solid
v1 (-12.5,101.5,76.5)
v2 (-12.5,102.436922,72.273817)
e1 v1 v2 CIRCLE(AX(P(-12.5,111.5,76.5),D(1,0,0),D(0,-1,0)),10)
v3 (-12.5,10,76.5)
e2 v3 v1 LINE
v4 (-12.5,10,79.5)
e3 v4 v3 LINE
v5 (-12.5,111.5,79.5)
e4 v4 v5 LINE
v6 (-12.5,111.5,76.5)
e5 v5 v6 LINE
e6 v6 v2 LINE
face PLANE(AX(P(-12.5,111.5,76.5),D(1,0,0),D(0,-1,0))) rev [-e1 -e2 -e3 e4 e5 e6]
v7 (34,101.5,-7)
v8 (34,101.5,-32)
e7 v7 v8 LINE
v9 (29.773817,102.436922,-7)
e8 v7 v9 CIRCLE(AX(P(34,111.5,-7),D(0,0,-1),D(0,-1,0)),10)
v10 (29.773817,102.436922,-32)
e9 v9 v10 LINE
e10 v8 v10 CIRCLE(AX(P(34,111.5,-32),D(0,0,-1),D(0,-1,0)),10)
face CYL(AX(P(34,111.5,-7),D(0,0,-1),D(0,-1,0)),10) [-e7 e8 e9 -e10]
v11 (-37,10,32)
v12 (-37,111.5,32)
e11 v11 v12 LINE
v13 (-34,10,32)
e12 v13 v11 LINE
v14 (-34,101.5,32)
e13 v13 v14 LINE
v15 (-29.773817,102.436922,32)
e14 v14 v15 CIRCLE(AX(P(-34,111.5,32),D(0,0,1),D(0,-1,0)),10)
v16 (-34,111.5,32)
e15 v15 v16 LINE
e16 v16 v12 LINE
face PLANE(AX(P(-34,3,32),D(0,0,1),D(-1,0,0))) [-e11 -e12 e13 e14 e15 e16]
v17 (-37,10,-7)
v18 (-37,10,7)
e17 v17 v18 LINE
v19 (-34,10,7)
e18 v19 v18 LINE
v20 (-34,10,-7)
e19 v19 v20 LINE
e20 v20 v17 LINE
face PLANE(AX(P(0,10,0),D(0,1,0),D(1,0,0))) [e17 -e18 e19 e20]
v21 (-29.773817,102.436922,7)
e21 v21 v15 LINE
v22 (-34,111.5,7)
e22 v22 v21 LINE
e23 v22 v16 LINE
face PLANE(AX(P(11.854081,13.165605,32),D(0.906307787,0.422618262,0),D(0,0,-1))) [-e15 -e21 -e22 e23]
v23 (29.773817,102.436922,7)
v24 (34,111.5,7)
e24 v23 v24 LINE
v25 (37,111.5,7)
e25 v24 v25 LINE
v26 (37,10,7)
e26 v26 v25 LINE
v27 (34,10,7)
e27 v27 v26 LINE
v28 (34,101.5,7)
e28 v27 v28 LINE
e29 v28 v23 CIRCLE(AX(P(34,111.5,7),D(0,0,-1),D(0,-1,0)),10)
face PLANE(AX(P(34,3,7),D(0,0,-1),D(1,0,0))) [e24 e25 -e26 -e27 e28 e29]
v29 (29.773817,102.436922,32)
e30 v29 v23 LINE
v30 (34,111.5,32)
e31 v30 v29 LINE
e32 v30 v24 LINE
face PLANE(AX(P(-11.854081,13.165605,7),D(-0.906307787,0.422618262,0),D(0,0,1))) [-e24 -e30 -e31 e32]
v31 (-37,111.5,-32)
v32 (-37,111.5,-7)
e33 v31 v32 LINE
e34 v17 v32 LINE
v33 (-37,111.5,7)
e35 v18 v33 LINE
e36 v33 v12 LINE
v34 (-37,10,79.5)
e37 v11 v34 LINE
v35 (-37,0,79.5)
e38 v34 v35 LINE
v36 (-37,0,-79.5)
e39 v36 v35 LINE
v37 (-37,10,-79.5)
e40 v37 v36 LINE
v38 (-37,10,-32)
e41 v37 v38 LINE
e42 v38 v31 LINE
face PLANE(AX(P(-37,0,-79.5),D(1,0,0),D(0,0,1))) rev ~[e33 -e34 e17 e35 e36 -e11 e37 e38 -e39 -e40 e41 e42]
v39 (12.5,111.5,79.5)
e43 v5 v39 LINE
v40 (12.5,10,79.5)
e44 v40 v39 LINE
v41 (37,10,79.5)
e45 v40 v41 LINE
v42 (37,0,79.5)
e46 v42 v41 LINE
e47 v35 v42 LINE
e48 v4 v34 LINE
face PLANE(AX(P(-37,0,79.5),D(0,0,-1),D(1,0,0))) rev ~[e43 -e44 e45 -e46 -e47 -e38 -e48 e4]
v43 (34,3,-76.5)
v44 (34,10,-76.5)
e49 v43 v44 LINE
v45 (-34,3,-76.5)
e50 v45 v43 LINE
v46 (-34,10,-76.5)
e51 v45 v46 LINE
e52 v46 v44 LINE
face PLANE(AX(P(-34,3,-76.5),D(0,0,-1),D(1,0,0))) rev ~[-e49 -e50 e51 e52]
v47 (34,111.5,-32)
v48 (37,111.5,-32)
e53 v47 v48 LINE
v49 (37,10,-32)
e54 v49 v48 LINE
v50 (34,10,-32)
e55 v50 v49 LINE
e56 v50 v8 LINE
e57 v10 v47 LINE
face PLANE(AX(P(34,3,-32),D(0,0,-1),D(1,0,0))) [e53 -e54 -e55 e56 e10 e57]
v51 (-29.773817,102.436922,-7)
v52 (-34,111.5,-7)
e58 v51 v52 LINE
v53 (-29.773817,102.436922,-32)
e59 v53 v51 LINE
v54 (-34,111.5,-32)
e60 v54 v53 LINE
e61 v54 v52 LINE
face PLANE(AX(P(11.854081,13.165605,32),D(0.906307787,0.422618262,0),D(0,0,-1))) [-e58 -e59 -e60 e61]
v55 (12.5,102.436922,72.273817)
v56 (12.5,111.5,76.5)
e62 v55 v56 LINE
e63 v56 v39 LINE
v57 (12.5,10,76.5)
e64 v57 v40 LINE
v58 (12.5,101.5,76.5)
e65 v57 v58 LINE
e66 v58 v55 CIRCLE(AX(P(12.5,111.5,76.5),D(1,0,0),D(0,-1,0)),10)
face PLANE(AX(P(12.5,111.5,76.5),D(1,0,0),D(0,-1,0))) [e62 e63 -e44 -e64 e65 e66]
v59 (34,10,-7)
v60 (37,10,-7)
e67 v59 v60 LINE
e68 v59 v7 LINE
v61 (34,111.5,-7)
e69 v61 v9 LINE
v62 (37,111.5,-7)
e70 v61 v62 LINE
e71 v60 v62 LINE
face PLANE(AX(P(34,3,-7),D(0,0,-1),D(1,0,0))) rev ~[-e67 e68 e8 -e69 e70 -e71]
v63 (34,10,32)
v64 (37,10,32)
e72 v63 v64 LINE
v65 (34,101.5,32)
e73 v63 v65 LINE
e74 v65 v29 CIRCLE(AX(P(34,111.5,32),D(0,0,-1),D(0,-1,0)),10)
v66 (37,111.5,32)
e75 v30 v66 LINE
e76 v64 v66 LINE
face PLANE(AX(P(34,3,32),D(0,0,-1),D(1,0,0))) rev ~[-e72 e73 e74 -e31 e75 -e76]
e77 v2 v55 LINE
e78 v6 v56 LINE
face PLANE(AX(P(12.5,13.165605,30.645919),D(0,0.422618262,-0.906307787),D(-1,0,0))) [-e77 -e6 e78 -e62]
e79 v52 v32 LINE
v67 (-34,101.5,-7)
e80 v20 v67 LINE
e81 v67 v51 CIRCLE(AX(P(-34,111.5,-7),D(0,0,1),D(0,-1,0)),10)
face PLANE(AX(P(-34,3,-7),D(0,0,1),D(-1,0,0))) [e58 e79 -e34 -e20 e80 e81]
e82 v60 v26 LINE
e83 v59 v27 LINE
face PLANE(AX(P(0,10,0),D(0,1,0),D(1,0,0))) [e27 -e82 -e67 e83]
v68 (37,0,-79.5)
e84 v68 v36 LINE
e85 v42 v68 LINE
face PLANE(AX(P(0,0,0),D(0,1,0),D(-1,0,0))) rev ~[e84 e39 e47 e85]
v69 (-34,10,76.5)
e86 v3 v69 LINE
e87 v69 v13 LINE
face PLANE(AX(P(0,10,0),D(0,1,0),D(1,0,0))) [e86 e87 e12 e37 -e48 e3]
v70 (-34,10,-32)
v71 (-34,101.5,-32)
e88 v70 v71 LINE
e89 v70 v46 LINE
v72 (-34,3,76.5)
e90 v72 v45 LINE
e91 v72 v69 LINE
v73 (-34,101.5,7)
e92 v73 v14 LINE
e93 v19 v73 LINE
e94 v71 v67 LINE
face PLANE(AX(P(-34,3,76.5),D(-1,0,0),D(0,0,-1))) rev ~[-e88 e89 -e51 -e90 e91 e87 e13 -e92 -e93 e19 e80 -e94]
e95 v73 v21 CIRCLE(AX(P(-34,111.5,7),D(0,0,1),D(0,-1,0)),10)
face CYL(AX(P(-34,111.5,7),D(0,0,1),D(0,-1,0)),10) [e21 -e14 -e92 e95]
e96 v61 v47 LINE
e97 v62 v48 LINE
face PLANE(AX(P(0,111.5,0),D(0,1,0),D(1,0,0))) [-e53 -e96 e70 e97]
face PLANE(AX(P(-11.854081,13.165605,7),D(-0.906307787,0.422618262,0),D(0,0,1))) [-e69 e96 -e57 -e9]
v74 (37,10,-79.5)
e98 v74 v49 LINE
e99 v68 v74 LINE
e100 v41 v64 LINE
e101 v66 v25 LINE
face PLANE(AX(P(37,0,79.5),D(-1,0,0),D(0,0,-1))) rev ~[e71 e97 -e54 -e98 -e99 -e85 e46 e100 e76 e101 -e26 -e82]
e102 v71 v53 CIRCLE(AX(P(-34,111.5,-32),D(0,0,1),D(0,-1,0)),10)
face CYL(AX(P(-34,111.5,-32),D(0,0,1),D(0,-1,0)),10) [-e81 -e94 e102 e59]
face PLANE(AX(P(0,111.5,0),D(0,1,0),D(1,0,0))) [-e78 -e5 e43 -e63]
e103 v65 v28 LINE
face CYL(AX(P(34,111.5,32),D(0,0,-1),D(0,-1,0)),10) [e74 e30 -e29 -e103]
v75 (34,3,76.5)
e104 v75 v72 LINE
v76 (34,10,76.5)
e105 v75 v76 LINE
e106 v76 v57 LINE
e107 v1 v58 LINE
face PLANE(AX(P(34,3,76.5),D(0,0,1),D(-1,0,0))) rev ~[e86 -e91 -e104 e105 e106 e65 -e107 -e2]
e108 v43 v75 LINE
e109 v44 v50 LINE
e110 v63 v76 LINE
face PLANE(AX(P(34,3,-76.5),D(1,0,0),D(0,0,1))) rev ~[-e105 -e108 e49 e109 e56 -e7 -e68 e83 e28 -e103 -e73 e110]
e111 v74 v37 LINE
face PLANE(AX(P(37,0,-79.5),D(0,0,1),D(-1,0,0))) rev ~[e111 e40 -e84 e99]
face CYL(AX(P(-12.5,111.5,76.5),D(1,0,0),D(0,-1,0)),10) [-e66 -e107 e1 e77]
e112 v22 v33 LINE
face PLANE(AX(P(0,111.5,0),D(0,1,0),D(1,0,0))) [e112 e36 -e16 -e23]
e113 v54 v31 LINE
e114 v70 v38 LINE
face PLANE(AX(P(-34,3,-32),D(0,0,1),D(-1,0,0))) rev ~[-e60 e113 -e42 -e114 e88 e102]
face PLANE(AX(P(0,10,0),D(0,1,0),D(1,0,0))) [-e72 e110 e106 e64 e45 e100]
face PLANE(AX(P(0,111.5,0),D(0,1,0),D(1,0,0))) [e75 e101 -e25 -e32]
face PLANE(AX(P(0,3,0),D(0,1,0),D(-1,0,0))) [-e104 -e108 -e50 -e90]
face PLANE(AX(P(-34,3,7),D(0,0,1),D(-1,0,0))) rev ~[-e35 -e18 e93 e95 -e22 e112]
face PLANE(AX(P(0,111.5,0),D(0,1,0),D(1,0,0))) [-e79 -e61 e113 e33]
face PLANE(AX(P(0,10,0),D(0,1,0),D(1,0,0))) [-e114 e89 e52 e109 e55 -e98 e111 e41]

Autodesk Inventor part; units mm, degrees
ref_plane "YZ Plane" through (0, 0, 0) normal (1, 0, 0) x (0, 1, 0)
ref_plane "XZ Plane" through (0, 0, 0) normal (0, 1, 0) x (-1, 0, 0)
ref_plane "XY Plane" through (0, 0, 0) normal (0, 0, 1) x (1, 0, 0)
sketch "Sketch1" plane through (0, 0, 0) normal (0, 1, 0) x (-1, 0, 0)
  line L0 (-37, -79.5) -> (37, -79.5)
  line L1 (37, -79.5) -> (37, 79.5)
  line L2 (37, 79.5) -> (-37, 79.5)
  line L3 (-37, 79.5) -> (-37, -79.5)
  line L4 (-37, -79.5) -> (37, 79.5) construction
  line L5 (37, -79.5) -> (-37, 79.5) construction
  point P0 (0, 0)
  dimension "d0" = 74
  dimension "d1" = 159
extrude "Extrusion1" add sketch "Sketch1" along normal blind 3
sketch "Sketch2" plane through (0, 3, 0) normal (0, 1, 0) x (1, 0, 0)
  line L0 (34, 76.5) -> (-34, 76.5)
  line L1 (-34, 76.5) -> (-34, -76.5)
  line L2 (-34, -76.5) -> (34, -76.5)
  line L3 (34, -76.5) -> (34, 76.5)
  line L4 (34, 76.5) -> (-34, -76.5) construction
  line L5 (-34, 76.5) -> (34, -76.5) construction
  line L6 (-37, 79.5) -> (-37, -79.5) projected
  line L7 (-37, -79.5) -> (37, -79.5) projected
  line L8 (34, 7) -> (37, 7)
  line L9 (34, -7) -> (37, -7)
  line L10 (37, -79.5) -> (37, 79.5) projected
  line L11 (34, 32) -> (37, 32)
  line L12 (34, -32) -> (37, -32)
  line L13 (0, 0) -> (0, 8.1012)
  line L14 (-34, 7) -> (-37, 7)
  line L15 (-34, -7) -> (-37, -7)
  line L16 (-34, 32) -> (-37, 32)
  line L17 (-34, -32) -> (-37, -32)
  line L18 (-12.5, -79.5) -> (-12.5, -76.5)
  line L19 (12.5, -76.5) -> (12.5, -79.5)
  line L20 (-34, -32) -> (-34, -7)
  line L21 (-34, 7) -> (-34, -7)
  line L22 (-34, 32) -> (-34, 7)
  line L23 (-37, 7) -> (-37, 32)
  line L24 (-37, -7) -> (-37, -32)
  line L25 (34, -32) -> (34, -7)
  line L26 (37, -7) -> (37, -32)
  line L27 (34, 7) -> (34, 32)
  line L28 (37, 32) -> (37, 7)
  line L29 (12.5, -76.5) -> (-12.5, -76.5)
  line L30 (-12.5, -79.5) -> (12.5, -79.5)
  point P0 (35.5, -7)
  point P1 (34, 0)
  point P2 (35.5, 7)
  point P3 (35.5, 32)
  point P4 (35.5, -32)
  point P5 (0, -76.5)
  point P6 (12.5, -78)
  point P7 (-12.5, -78)
  dimension "d4" = 3
  dimension "d5" = 3
  dimension "d6" = 7
  dimension "d7" = 7
  dimension "d8" = 32
  dimension "d9" = 32
  dimension "d10" = 12.5
  dimension "d11" = 12.5
extrude "Extrusion2" add sketch "Sketch2" along normal blind 108.5 contours L11 L10 L8 L3 | L1 L14 L6 L16 | L9 L10 L12 L3 | L1 L17 L6 L15 | L19 L7 L18 L2
sketch "Sketch3" plane through (-34, 3, 32) normal (1, 0, 0) x (0, 0, -1)
  line L0 (25, 108.5) -> (0, 108.5) projected
  line L1 (0, 108.5) -> (25, 108.5)
  line L2 (25, 108.5) -> (25, 98.5)
  line L3 (25, 98.5) -> (0, 98.5)
  line L4 (0, 98.5) -> (0, 108.5)
  line L5 (39, 0) -> (39, 108.5) projected
  line L6 (39, 108.5) -> (64, 108.5)
  line L7 (64, 108.5) -> (64, 98.5)
  line L8 (64, 98.5) -> (39, 98.5)
  line L9 (39, 98.5) -> (39, 108.5)
  point P0 (32, -3)
  dimension "d14" = 25
  dimension "d15" = 10
  dimension "d16" = 25
  dimension "d17" = 10
sketch "Sketch4" plane through (12.5, 3, 76.5) normal (0, 0, -1) x (-1, 0, 0)
  line L0 (0, 108.5) -> (25, 108.5) projected
  line L1 (0, 108.5) -> (25, 108.5)
  line L2 (25, 108.5) -> (25, 98.5)
  line L3 (25, 98.5) -> (0, 98.5)
  line L4 (0, 98.5) -> (0, 108.5)
  point P0 (12.5, -3)
  dimension "d18" = 25
  dimension "d19" = 10
sketch "Sketch5" plane through (34, 3, 7) normal (-1, 0, 0) x (0, 0, 1)
  line L0 (-14, 108.5) -> (-39, 108.5) projected
  line L1 (-39, 108.5) -> (-14, 108.5)
  line L2 (-14, 108.5) -> (-14, 98.5)
  line L3 (-14, 98.5) -> (-39, 98.5)
  line L4 (-39, 98.5) -> (-39, 108.5)
  line L5 (0, 108.5) -> (25, 108.5)
  line L6 (25, 108.5) -> (25, 98.5)
  line L7 (25, 98.5) -> (0, 98.5)
  line L8 (0, 98.5) -> (0, 108.5)
  point P0 (-7, -3)
  dimension "d20" = 25
  dimension "d21" = 10
  dimension "d22" = 25
  dimension "d23" = 10
revolve "Revolution1" add sketch "Sketch5" angle 25 about axis through (34, 111.5, 7) along (0, 0, -1)
revolve "Revolution2" add sketch "Sketch4" angle 25 about axis through (12.5, 111.5, 76.5) along (1, 0, 0)
revolve "Revolution3" add sketch "Sketch3" angle 25 about axis through (-34, 111.5, 7) along (0, 0, 1)
sketch "Sketch6" plane through (0, 3, 0) normal (0, 1, 0) x (1, 0, 0)
  line L0 (34, -76.5) -> (-34, -76.5)
  line L1 (-34, -76.5) -> (-34, 76.5)
  line L2 (-34, 76.5) -> (34, 76.5)
  line L3 (34, 76.5) -> (34, -76.5)
  line L4 (12.5, -79.5) -> (37, -79.5) projected
  line L5 (37, -79.5) -> (37, -32) projected
  line L6 (-37, -32) -> (-37, -79.5) projected
  line L7 (37, 79.5) -> (-37, 79.5) projected
  line L8 (-37, 79.5) -> (-37, -79.5) projected
  line L9 (37, -79.5) -> (-37, -79.5)
  line L10 (-37, -79.5) -> (-37, 79.5)
  line L11 (-37, 79.5) -> (37, 79.5)
  line L12 (37, 79.5) -> (37, -79.5)
  point P0 (0, 0)
  dimension "d27" = 3
  dimension "d28" = 3
  dimension "d29" = 3
  dimension "d30" = 3
extrude "Extrusion3" add sketch "Sketch6" along normal blind 7
properties part number "battery pack holder"
